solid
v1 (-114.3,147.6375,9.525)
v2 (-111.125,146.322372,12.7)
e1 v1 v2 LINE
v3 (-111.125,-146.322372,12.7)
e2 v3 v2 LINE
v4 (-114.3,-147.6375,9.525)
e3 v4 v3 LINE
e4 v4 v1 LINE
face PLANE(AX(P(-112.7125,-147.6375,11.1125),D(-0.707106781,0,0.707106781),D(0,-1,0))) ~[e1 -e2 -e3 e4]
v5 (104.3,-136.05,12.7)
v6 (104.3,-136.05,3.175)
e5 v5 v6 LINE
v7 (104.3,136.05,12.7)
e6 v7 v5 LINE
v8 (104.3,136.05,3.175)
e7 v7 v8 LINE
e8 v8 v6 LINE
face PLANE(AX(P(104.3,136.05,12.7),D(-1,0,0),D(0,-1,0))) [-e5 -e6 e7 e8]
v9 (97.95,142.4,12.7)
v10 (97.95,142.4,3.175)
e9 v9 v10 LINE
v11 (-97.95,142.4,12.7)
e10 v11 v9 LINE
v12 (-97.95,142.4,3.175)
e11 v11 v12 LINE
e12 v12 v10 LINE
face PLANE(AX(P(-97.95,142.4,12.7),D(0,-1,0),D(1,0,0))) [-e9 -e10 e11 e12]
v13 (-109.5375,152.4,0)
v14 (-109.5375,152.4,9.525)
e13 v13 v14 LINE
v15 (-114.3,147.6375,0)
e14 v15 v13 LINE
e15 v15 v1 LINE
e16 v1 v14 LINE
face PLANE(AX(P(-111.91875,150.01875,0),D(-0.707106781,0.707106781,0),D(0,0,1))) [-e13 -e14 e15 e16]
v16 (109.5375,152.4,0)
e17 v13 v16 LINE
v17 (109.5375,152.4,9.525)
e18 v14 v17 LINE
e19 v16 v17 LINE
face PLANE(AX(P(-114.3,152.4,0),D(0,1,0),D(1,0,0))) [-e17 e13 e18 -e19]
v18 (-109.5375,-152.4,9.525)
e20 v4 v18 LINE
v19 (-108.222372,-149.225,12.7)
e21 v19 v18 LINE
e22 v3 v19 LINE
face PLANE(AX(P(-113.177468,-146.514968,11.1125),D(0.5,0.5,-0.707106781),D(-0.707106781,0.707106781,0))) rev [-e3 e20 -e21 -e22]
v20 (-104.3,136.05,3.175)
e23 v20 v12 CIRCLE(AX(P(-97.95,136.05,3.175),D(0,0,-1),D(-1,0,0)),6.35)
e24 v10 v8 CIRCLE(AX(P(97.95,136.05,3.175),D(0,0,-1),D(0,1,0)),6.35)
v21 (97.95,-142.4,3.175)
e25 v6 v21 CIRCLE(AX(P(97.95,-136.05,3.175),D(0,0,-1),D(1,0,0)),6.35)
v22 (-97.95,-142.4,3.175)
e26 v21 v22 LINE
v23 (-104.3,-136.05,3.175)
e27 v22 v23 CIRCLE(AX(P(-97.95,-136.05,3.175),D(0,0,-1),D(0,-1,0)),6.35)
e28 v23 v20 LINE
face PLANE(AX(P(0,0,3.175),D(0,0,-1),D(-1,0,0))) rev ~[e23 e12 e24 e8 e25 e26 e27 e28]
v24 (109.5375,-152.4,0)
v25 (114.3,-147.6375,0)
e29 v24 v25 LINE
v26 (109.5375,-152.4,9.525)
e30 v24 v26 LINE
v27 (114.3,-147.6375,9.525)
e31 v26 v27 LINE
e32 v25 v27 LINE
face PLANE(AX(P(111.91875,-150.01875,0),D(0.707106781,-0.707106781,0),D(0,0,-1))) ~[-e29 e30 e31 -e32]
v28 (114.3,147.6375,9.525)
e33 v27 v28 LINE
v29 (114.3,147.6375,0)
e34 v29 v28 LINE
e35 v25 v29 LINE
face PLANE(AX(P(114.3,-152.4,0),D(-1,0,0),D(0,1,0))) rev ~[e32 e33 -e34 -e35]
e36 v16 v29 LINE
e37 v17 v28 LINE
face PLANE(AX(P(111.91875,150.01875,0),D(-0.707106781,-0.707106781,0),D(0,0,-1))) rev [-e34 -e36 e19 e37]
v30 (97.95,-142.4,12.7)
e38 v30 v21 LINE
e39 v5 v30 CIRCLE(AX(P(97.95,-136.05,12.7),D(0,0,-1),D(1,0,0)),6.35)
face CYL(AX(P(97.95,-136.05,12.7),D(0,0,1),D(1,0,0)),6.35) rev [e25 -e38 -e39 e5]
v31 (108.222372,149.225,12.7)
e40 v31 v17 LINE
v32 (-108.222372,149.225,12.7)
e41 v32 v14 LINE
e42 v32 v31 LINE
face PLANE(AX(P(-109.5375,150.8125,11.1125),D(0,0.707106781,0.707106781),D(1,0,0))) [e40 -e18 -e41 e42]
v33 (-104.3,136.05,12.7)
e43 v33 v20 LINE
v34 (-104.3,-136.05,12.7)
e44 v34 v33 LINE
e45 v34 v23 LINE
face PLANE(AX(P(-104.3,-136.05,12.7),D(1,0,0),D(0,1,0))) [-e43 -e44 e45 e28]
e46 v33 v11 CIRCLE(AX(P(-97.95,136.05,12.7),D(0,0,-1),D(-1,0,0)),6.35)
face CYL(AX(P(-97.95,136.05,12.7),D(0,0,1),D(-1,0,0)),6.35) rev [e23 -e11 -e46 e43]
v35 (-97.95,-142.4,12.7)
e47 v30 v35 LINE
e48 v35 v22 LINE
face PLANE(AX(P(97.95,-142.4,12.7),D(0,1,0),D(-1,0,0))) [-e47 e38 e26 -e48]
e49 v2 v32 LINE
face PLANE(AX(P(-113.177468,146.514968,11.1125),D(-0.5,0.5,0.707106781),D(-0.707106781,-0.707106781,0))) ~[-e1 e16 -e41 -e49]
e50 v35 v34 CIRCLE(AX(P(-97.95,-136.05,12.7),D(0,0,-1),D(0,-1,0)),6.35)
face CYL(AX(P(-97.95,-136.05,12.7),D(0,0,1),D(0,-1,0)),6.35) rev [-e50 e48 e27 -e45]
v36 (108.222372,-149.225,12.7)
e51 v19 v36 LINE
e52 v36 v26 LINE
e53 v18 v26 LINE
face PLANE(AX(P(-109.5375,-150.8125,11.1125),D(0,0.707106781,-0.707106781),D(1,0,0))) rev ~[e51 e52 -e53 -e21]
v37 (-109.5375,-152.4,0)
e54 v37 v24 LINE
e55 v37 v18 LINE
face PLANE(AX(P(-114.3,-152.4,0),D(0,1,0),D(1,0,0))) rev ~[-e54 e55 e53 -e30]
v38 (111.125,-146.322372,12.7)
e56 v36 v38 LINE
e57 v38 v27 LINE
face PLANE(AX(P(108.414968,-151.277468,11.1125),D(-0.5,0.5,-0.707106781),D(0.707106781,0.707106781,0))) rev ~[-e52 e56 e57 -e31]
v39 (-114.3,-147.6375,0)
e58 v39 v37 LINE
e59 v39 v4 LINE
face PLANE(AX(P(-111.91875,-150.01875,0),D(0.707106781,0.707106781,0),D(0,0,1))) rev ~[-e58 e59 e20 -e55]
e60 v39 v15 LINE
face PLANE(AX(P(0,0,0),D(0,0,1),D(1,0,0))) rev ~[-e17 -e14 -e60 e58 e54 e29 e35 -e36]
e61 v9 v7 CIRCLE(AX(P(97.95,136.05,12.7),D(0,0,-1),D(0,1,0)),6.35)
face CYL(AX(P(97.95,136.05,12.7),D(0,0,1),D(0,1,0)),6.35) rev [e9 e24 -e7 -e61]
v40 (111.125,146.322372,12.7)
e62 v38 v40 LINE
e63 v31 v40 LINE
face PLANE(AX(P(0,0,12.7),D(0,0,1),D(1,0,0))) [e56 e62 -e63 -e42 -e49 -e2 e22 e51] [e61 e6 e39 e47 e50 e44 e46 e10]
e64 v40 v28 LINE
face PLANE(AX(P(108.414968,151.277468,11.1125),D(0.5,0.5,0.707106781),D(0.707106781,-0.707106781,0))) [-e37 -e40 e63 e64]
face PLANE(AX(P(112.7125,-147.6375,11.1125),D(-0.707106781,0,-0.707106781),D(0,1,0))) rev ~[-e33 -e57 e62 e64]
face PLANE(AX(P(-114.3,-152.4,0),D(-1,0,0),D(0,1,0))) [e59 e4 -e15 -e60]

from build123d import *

# Parameters (mm, degrees)
SKETCH1_W           = 228.6
SKETCH1_H           = 304.8
BOSS_EXTRUDE1_DEPTH = 12.7
CUT_EXTRUDE1_DEPTH  = 9.525
CHAMFER1_SIZE       = 4.7625
CHAMFER2_SIZE       = 3.175


with BuildPart() as part:
    # Sketch1 → Boss-Extrude1 (new body)
    with BuildSketch(Plane.XY):
        Rectangle(SKETCH1_W, SKETCH1_H)
    extrude(amount=BOSS_EXTRUDE1_DEPTH)

    # Sketch2 → Cut-Extrude1 (cut)
    with BuildSketch(Plane.XY.offset(12.7)):
        with BuildLine():
            Line((97.95, -142.4), (-97.95, -142.4))
            ThreePointArc((-97.95, -142.4), (-102.440128061, -140.540128061), (-104.3, -136.05))
            Line((-104.3, -136.05), (-104.3, 136.05))
            ThreePointArc((-104.3, 136.05), (-102.440128061, 140.540128061), (-97.95, 142.4))
            Line((-97.95, 142.4), (97.95, 142.4))
            ThreePointArc((97.95, 142.4), (102.440128061, 140.540128061), (104.3, 136.05))
            Line((104.3, 136.05), (104.3, -136.05))
            ThreePointArc((104.3, -136.05), (102.440128061, -140.540128061), (97.95, -142.4))
        make_face()
    extrude(amount=-CUT_EXTRUDE1_DEPTH, mode=Mode.SUBTRACT)

    # Chamfer1
    chamfer1_edges = [part.edges().sort_by_distance(p)[0] for p in [
        (-114.3, 152.4, 6.35),
        (114.3, 152.4, 6.35),
        (114.3, -152.4, 6.35),
        (-114.3, -152.4, 6.35),
    ]]
    chamfer(chamfer1_edges, length=CHAMFER1_SIZE)

    # Chamfer2
    chamfer2_edges = [part.edges().sort_by_distance(p)[0] for p in [
        (0, -152.4, 12.7),
        (-114.3, 0, 12.7),
        (114.3, 0, 12.7),
        (0, 152.4, 12.7),
        (111.91875, 150.01875, 12.7),
        (-111.91875, 150.01875, 12.7),
        (111.91875, -150.01875, 12.7),
        (-111.91875, -150.01875, 12.7),
    ]]
    chamfer(chamfer2_edges, length=CHAMFER2_SIZE)


solid = part.part
